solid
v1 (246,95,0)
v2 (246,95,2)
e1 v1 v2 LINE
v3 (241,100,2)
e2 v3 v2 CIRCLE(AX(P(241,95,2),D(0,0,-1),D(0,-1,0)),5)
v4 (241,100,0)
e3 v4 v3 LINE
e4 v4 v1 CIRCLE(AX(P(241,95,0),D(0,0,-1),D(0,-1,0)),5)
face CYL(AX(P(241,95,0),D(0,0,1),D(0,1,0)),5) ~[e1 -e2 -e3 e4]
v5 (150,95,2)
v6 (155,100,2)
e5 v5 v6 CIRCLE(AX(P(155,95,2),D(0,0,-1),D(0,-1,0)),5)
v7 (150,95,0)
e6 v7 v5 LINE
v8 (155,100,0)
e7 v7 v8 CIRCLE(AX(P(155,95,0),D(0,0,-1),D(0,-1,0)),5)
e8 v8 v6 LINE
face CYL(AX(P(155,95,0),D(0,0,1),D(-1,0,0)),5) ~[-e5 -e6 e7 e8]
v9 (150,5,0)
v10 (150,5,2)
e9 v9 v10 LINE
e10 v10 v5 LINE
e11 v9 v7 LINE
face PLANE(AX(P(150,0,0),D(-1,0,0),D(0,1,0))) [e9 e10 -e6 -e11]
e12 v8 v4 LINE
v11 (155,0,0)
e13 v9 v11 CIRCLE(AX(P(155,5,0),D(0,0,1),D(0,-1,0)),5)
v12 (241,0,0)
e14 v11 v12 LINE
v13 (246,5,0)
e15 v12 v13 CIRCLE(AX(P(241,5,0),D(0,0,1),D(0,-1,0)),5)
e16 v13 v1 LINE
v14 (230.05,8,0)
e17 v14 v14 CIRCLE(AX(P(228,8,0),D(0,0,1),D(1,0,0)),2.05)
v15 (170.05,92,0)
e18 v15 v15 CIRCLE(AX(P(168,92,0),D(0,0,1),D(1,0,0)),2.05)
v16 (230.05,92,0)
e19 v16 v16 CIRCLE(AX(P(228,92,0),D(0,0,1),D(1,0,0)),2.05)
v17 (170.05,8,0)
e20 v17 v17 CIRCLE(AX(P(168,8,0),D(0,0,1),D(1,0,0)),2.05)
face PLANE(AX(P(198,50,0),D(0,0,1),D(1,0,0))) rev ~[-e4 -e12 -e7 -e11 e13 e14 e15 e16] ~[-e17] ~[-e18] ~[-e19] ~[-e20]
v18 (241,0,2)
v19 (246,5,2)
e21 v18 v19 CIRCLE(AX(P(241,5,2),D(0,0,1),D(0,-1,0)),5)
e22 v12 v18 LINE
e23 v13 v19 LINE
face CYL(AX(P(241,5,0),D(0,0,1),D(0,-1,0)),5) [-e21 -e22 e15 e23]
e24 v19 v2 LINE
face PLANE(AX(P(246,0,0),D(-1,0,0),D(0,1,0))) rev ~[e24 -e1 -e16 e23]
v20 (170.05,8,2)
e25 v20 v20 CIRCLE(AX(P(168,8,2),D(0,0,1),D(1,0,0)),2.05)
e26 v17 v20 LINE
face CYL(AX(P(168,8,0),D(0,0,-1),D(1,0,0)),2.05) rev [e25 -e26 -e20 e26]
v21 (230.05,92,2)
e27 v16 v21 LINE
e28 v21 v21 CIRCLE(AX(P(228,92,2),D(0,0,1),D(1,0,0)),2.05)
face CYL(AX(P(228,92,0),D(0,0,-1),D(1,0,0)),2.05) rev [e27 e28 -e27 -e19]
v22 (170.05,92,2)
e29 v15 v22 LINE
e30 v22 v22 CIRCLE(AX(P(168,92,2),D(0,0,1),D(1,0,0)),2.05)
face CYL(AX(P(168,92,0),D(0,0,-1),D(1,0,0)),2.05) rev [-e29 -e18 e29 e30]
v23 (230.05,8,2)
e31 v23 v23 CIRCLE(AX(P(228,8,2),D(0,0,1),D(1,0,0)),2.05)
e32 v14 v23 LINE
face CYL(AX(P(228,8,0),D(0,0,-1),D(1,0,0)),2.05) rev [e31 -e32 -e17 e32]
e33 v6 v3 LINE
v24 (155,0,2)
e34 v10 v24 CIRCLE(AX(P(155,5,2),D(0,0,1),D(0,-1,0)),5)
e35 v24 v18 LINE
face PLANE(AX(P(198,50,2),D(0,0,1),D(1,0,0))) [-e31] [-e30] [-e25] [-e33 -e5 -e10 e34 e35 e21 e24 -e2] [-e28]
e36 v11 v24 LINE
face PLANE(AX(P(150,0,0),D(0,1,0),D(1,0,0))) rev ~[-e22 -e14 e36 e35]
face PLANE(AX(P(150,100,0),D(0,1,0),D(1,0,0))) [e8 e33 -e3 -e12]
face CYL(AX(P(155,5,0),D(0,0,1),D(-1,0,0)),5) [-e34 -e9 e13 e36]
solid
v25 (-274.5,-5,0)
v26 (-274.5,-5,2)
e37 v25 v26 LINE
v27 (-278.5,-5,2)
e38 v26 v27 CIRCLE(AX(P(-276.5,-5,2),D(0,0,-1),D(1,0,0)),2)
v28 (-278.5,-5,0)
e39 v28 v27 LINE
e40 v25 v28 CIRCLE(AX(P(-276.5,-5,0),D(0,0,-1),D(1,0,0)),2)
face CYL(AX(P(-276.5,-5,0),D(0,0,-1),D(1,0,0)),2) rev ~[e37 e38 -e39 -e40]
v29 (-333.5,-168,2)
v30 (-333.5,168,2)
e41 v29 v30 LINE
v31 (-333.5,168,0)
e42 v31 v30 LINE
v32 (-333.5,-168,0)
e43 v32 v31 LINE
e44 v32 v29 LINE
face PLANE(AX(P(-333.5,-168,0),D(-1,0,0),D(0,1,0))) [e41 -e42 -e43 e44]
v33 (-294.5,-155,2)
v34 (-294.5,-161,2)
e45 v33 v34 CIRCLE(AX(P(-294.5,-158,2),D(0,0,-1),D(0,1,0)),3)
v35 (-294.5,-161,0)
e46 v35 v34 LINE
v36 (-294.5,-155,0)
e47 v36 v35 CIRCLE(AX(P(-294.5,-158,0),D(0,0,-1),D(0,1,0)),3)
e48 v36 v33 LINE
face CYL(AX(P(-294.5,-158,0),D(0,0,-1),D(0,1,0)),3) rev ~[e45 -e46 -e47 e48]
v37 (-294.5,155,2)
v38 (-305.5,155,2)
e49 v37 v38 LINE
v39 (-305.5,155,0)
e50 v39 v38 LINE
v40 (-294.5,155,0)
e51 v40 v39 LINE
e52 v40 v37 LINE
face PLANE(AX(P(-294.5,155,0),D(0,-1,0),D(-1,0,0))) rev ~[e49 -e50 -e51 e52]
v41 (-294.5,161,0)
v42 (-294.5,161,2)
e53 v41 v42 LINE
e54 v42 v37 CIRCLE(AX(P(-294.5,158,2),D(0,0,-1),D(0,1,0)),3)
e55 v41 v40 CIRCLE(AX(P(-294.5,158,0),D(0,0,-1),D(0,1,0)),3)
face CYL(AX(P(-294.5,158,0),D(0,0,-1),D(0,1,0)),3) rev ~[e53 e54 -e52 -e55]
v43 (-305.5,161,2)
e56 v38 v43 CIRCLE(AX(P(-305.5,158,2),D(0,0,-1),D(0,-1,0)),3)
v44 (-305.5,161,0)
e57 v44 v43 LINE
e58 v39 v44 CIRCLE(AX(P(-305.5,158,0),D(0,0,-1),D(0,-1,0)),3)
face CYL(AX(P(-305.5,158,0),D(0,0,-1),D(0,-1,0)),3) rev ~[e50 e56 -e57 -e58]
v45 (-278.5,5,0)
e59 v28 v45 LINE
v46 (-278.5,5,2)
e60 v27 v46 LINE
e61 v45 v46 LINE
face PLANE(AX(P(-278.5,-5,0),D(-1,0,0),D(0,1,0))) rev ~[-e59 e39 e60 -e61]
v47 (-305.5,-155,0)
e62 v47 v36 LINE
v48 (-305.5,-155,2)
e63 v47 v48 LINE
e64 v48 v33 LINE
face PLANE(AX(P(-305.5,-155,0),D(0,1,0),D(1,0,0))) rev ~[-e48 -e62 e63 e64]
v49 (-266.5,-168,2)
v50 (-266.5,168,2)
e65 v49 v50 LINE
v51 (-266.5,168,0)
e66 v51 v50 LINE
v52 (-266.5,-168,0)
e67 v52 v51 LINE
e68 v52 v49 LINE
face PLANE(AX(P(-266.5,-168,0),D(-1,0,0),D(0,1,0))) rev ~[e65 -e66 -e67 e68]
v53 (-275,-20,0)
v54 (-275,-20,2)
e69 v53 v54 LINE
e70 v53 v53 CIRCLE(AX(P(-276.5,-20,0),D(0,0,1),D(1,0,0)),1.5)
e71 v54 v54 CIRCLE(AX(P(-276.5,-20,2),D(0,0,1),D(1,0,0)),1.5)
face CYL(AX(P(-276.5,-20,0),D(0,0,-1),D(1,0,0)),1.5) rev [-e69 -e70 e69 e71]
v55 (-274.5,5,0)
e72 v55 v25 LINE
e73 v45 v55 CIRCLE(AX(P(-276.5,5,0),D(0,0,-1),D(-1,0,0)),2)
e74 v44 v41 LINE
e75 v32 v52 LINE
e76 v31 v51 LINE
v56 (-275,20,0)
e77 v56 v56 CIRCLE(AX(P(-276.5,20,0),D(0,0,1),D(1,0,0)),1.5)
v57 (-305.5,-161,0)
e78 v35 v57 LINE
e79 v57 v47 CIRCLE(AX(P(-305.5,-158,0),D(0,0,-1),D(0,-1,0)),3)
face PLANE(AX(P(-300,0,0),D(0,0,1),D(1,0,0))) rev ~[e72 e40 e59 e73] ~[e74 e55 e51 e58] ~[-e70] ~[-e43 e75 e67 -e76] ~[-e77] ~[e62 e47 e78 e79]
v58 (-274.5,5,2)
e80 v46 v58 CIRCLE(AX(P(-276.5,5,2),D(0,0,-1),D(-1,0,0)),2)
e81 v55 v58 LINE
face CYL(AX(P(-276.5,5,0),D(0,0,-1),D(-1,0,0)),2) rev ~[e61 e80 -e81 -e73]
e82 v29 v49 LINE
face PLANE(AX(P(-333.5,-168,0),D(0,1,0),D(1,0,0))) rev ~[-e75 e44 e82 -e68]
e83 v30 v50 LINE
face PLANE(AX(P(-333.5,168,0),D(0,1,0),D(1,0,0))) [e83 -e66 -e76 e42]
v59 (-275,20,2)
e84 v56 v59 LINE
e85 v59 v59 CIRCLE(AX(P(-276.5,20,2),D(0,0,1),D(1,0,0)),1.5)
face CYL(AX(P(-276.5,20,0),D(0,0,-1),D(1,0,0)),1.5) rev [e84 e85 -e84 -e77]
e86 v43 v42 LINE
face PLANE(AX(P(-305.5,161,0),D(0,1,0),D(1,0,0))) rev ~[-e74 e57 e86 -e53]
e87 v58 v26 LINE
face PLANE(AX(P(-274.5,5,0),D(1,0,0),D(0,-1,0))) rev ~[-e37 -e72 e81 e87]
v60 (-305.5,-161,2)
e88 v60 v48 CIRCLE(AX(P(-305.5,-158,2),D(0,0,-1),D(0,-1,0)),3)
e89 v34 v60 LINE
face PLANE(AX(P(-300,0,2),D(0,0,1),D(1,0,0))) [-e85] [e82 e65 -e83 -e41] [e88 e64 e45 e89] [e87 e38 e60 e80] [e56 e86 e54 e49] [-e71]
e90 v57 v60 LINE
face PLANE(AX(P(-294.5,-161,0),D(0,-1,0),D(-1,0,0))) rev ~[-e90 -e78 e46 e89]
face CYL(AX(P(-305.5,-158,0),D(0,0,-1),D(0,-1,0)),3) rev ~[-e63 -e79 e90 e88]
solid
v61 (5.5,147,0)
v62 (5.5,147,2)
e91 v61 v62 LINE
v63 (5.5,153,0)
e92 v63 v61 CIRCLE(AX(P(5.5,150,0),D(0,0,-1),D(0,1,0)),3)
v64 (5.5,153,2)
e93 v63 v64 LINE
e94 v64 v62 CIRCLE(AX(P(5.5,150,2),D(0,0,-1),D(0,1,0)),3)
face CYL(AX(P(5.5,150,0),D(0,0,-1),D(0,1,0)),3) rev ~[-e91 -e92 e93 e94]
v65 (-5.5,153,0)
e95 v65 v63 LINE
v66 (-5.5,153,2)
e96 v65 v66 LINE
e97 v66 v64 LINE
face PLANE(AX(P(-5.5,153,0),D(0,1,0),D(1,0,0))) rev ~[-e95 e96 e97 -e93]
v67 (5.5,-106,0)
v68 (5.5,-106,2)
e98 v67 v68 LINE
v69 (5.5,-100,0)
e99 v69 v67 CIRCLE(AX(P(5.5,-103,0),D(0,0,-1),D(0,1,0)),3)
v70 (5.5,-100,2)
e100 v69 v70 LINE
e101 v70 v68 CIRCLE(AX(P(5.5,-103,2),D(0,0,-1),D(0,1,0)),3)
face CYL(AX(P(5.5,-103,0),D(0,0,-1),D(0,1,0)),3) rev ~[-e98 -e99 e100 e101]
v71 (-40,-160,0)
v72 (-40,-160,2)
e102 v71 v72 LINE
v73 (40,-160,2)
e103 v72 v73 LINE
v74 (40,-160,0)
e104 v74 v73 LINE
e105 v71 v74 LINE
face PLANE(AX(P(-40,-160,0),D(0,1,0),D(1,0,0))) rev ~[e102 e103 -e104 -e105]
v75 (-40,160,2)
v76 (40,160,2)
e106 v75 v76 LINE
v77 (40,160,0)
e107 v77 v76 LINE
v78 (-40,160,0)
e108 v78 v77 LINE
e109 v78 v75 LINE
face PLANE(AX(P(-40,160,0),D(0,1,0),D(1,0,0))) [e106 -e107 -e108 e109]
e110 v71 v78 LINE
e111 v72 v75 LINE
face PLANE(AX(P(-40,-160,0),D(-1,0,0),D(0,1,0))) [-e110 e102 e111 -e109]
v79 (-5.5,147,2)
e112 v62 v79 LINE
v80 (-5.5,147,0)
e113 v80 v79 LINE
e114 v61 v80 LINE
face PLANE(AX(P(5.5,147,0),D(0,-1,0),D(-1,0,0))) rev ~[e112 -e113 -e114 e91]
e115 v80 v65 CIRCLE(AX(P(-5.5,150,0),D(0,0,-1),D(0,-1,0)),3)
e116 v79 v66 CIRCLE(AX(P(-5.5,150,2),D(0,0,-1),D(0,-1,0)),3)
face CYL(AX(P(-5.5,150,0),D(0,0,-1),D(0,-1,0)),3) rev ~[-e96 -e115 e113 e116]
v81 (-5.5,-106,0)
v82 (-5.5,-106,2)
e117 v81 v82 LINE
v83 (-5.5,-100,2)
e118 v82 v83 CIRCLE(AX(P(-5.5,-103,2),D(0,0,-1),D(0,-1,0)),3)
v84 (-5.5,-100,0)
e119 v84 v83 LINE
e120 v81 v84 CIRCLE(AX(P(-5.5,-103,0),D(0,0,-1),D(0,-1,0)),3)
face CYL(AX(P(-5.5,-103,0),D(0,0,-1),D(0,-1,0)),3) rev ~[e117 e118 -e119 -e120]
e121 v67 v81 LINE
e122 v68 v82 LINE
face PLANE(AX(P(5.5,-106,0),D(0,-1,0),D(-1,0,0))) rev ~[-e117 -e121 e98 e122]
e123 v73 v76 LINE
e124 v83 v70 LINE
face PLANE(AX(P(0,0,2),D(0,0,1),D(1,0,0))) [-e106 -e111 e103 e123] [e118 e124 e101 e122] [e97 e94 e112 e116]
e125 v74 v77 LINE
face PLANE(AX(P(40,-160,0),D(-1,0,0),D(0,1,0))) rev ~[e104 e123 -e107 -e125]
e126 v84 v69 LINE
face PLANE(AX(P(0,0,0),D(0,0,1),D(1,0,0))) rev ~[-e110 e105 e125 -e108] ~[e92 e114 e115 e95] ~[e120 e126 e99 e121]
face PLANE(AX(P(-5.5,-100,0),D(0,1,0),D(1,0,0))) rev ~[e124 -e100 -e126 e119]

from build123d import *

# Parameters (mm, degrees)
F0_W     = 80
F0_H     = 320
F0_W_2   = 67
F0_H_2   = 336
F0_R     = 1.5
F0_W_3   = 96
F0_H_3   = 100
F0_R_2   = 2.05
F1_DEPTH = 2
F2_R     = 5


with BuildPart() as f1:
    # F0 (on Top) → F1 (new body)
    with BuildSketch(Plane.XY):
        Rectangle(F0_W, F0_H)
        with BuildLine():
            ThreePointArc((5.5, -100), (8.5, -103), (5.5, -106))
            Line((5.5, -106), (-5.5, -106))
            ThreePointArc((-5.5, -106), (-8.5, -103), (-5.5, -100))
            Line((-5.5, -100), (5.5, -100))
        make_face(mode=Mode.SUBTRACT)
        with BuildLine():
            ThreePointArc((5.5, 153), (8.5, 150), (5.5, 147))
            Line((5.5, 147), (-5.5, 147))
            ThreePointArc((-5.5, 147), (-8.5, 150), (-5.5, 153))
            Line((-5.5, 153), (5.5, 153))
        make_face(mode=Mode.SUBTRACT)
        with Locations((-300, 0)):
            Rectangle(F0_W_2, F0_H_2)
        with BuildLine():
            ThreePointArc((-294.5, -155), (-291.5, -158), (-294.5, -161))
            Line((-294.5, -161), (-305.5, -161))
            ThreePointArc((-305.5, -161), (-308.5, -158), (-305.5, -155))
            Line((-305.5, -155), (-294.5, -155))
        make_face(mode=Mode.SUBTRACT)
        with Locations((-276.5, -20)):
            Circle(F0_R, mode=Mode.SUBTRACT)
        with BuildLine():
            Line((-274.5, 5), (-274.5, -5))
            ThreePointArc((-274.5, -5), (-276.5, -7), (-278.5, -5))
            Line((-278.5, -5), (-278.5, 5))
            ThreePointArc((-278.5, 5), (-276.5, 7), (-274.5, 5))
        make_face(mode=Mode.SUBTRACT)
        with Locations((-276.5, 20)):
            Circle(F0_R, mode=Mode.SUBTRACT)
        with BuildLine():
            ThreePointArc((-294.5, 161), (-291.5, 158), (-294.5, 155))
            Line((-294.5, 155), (-305.5, 155))
            ThreePointArc((-305.5, 155), (-308.5, 158), (-305.5, 161))
            Line((-305.5, 161), (-294.5, 161))
        make_face(mode=Mode.SUBTRACT)
        with Locations((198, 50)):
            Rectangle(F0_W_3, F0_H_3)
        with Locations((168, 8)):
            Circle(F0_R_2, mode=Mode.SUBTRACT)
        with Locations((228, 8)):
            Circle(F0_R_2, mode=Mode.SUBTRACT)
        with Locations((168, 92)):
            Circle(F0_R_2, mode=Mode.SUBTRACT)
        with Locations((228, 92)):
            Circle(F0_R_2, mode=Mode.SUBTRACT)
    extrude(amount=F1_DEPTH)

    # F2
    f2_edges = [f1.edges().sort_by_distance(p)[0] for p in [
        (150, 0, 1),
        (246, 0, 1),
        (246, 100, 1),
        (150, 100, 1),
    ]]
    fillet(f2_edges, radius=F2_R)


solid = f1.part
